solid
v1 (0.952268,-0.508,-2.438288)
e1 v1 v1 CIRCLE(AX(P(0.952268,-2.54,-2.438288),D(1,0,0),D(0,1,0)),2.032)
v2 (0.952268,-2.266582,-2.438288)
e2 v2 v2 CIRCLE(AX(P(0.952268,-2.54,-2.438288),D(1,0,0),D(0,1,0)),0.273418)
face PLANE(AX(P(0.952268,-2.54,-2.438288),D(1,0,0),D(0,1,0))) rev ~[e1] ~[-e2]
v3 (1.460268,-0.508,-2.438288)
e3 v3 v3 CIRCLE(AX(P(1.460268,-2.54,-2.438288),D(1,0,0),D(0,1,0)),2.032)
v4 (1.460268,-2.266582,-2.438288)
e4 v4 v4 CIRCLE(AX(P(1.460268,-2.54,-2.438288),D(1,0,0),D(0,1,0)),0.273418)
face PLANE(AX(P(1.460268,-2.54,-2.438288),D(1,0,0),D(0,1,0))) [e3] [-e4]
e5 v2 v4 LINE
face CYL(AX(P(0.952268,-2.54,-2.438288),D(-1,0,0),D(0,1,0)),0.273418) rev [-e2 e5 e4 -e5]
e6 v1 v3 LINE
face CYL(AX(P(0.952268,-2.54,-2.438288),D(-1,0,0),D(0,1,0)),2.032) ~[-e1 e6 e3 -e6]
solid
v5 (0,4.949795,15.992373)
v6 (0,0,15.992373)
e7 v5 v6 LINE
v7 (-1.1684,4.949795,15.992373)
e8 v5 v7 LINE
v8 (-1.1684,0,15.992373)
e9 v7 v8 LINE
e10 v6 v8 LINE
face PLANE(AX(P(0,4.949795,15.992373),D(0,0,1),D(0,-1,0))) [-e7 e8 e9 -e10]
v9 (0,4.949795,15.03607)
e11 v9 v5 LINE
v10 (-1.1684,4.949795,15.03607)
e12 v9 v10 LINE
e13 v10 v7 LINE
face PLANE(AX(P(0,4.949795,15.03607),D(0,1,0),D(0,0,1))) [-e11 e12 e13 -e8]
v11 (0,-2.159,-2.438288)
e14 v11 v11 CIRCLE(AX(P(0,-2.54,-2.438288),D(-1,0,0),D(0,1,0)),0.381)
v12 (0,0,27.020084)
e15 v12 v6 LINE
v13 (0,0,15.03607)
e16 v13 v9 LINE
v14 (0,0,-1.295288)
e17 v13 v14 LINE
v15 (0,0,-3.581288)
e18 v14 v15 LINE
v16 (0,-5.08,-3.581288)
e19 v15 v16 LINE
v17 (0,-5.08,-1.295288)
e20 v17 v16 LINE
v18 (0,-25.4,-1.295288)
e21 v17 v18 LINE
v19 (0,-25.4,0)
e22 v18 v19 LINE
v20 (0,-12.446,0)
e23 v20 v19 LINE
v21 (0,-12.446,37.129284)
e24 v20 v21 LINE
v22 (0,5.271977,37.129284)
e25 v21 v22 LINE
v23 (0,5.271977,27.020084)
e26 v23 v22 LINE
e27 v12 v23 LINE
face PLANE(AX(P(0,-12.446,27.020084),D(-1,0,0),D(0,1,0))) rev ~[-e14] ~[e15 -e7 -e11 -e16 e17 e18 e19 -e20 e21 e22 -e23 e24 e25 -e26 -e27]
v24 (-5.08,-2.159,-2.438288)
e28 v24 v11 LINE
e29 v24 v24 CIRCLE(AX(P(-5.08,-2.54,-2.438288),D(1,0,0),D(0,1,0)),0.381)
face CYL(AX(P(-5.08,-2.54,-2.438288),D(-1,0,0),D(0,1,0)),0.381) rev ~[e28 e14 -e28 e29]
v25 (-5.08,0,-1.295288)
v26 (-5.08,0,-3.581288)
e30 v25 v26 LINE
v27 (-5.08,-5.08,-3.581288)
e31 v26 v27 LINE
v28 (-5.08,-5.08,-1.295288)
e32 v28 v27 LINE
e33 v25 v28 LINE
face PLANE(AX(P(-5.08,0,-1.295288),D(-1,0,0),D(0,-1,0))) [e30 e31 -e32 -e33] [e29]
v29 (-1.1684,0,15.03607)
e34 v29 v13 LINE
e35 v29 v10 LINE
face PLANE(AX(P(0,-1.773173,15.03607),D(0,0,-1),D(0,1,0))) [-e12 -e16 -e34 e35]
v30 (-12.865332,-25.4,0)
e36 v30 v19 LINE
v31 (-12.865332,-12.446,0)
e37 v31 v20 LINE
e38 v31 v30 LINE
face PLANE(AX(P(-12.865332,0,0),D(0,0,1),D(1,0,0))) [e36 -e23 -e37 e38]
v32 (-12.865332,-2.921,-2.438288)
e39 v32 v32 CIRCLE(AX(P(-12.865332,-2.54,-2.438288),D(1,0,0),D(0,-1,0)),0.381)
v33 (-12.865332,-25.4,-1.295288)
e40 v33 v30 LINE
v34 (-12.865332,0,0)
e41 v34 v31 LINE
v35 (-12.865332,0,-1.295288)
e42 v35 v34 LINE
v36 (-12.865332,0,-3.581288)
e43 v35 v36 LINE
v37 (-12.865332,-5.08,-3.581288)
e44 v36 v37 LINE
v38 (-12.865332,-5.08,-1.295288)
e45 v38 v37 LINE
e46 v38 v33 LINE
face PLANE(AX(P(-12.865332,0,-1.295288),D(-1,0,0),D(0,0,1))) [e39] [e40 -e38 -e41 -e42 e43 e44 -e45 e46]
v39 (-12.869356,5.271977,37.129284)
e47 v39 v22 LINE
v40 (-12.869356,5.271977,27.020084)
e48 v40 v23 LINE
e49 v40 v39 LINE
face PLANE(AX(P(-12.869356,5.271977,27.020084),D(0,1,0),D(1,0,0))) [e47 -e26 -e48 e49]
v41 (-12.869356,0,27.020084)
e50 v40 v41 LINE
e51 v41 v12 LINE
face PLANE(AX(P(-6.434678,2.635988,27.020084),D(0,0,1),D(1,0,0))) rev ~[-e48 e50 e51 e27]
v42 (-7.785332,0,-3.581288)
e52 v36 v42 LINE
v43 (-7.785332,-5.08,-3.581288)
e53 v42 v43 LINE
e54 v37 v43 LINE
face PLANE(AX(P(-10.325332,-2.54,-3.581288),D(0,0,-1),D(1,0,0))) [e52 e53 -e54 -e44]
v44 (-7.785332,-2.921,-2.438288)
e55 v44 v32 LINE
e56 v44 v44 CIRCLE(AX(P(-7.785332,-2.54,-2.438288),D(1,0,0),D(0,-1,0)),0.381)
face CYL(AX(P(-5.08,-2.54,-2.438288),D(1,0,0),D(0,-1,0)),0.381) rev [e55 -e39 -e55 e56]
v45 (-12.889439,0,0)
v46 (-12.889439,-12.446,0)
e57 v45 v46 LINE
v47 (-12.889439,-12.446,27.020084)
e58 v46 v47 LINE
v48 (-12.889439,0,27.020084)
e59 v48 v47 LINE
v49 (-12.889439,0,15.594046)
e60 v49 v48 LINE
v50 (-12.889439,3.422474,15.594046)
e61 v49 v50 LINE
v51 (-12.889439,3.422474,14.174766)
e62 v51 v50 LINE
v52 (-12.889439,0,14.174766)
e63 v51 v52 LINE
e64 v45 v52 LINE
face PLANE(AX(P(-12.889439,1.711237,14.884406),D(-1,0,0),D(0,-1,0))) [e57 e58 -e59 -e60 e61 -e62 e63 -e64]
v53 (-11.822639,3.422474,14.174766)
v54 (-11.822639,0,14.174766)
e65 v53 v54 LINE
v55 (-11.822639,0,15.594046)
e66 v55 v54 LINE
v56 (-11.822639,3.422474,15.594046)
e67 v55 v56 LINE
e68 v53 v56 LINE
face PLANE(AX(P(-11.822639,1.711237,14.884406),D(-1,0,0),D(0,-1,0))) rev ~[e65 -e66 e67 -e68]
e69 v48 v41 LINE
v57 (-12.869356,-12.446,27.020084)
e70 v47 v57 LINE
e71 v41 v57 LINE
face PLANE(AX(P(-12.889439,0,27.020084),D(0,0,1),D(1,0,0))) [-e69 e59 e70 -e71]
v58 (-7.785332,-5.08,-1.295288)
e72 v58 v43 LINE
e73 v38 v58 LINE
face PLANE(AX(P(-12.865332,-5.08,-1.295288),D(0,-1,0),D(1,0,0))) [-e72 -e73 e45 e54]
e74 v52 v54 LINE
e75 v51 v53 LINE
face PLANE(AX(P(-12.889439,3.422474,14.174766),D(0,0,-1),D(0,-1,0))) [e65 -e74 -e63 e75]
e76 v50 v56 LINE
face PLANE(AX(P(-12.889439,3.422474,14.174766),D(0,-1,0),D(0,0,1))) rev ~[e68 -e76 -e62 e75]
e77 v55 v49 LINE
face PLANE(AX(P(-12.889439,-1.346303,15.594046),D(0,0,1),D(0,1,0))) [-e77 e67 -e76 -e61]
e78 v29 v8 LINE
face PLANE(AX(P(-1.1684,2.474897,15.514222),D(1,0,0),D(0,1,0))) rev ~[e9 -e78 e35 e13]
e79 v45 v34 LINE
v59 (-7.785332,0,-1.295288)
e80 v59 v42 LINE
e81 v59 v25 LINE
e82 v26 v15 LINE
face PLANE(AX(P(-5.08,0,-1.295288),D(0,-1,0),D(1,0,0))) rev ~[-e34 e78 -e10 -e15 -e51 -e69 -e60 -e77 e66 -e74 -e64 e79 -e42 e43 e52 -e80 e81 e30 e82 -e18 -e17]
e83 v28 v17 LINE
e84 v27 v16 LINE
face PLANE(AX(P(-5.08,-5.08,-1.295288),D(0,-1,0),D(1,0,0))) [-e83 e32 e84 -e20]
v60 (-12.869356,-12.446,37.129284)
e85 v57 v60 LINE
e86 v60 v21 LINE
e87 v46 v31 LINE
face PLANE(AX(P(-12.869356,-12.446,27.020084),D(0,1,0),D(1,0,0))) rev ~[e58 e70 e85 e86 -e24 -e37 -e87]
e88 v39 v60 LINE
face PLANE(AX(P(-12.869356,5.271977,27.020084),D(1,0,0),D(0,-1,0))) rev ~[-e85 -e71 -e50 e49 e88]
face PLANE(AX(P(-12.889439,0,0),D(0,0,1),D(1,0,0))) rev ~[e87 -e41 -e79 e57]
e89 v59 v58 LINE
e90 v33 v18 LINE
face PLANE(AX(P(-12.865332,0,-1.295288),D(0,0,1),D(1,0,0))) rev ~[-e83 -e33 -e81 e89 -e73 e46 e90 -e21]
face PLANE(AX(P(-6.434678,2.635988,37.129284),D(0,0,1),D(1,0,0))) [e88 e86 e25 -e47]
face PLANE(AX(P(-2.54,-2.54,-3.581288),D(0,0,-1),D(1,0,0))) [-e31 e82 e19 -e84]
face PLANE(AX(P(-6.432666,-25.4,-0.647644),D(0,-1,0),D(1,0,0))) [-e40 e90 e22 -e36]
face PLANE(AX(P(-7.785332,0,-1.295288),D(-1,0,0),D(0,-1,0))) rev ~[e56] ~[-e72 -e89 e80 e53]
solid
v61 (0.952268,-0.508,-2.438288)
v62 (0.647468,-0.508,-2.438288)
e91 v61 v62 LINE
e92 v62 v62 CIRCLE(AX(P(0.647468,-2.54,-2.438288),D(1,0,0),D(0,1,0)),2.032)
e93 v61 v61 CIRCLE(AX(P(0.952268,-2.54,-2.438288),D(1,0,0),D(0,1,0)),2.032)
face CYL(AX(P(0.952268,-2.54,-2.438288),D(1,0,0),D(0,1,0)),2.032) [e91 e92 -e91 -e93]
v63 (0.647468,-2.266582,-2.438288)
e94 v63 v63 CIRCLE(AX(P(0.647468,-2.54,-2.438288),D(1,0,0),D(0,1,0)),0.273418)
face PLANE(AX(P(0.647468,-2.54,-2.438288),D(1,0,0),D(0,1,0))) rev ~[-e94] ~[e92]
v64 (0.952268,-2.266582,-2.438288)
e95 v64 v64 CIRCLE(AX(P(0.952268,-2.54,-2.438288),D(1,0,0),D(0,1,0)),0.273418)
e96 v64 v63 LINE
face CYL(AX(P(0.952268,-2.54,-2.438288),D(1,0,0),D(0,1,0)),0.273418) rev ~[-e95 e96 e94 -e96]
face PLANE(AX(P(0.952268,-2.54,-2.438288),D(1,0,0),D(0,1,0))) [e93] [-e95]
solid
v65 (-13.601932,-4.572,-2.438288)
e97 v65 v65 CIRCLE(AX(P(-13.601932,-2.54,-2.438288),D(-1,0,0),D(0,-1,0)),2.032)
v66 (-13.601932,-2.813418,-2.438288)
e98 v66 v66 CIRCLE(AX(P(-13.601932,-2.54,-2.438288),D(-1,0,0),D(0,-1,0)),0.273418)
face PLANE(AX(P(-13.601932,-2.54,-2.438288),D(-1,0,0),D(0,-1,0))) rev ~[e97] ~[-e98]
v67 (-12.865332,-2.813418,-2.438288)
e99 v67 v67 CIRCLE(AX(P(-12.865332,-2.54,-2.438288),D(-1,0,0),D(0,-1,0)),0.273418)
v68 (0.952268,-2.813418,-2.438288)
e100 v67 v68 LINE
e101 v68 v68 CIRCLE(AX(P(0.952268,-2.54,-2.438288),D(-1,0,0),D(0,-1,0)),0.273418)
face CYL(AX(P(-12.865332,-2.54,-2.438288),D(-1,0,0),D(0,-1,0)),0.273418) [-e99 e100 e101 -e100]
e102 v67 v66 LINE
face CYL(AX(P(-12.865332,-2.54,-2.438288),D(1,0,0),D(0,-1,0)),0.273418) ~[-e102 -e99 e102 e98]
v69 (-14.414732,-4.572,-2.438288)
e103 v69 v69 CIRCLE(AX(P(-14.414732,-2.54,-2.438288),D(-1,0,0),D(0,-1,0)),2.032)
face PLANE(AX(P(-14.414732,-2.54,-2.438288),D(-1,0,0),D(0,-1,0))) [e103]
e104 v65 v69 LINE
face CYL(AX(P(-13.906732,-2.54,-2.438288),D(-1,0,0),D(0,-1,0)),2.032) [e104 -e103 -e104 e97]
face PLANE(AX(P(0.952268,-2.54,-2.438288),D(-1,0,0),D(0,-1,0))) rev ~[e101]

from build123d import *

# Parameters (mm, degrees)
F0_W      = 12.8894392401
F0_H      = 27.0200837404
F1_DEPTH  = 12.446
F2_W      = 12.8653319553
F2_H      = 1.2952884426
F3_DEPTH  = 25.4
F4_W      = 5.08
F4_H      = 5.08
F5_DEPTH  = 2.286
F7_DEPTH  = 25.4
F8_DEPTH  = 16.129
F9_R      = 0.2734183719
F10_DEPTH = 13.8176
F11_DEPTH = 1.0414
F12_R     = 2.032
F12_R_2   = 0.2734183719
F13_DEPTH = 0.508
F14_DEPTH = 0.3048
F15_W     = 3.4224744886
F15_H     = 1.4192797244
F15_W_2   = 1.3463029172
F16_DEPTH = 1.0668
F17_W     = 4.9497946166
F17_H     = 0.95630344
F17_W_2   = 1.7731732223
F18_DEPTH = 1.1684
F19_W     = 12.8693562001
F19_H     = 5.2719768137
F19_H_2   = 12.446
F20_DEPTH = 10.1092
F21_R     = 2.032
F22_DEPTH = 0.508
F23_DEPTH = 0.3048


with BuildPart() as f1:
    # F0 (on Front) → F1 (new body)
    with BuildSketch(Plane.XZ):
        with Locations((-6.44471962, 13.5100418702)):
            Rectangle(F0_W, F0_H)
    extrude(amount=F1_DEPTH)

    # F2 (on Front) → F3 (join)
    with BuildSketch(Plane.XZ):
        with Locations((-6.4326659776, -0.6476442213)):
            Rectangle(F2_W, F2_H)
    extrude(amount=F3_DEPTH)

    # F4 (on face) → F5 (join)
    with BuildSketch(Plane(origin=(0, 0, -1.2952884426), x_dir=(1, 0, 0), z_dir=(0, 0, -1))):
        with Locations((-2.54, 2.54)):
            Rectangle(F4_W, F4_H)
        with Locations((-10.3253319553, 2.54)):
            Rectangle(F4_W, F4_H)
    extrude(amount=F5_DEPTH)

    # F6 (on face) → F7 (cut)
    with BuildSketch(Plane(origin=(-5.08, 0, 0), x_dir=(0, -1, 0), z_dir=(-1, 0, 0))):
        with BuildLine():
            Line((2.159, -2.4382884426), (2.921, -2.4382884426))
            ThreePointArc((2.921, -2.4382884426), (2.54, -2.0572884426), (2.159, -2.4382884426))
        make_face()
        with BuildLine():
            ThreePointArc((2.159, -2.4382884426), (2.54, -2.8192884426), (2.921, -2.4382884426))
            Line((2.921, -2.4382884426), (2.159, -2.4382884426))
        make_face()
    extrude(amount=-F7_DEPTH, mode=Mode.SUBTRACT)

    # F6 (on face) → F8 (cut)
    with BuildSketch(Plane(origin=(-5.08, 0, 0), x_dir=(0, -1, 0), z_dir=(-1, 0, 0))):
        with BuildLine():
            ThreePointArc((2.159, -2.4382884426), (2.54, -2.8192884426), (2.921, -2.4382884426))
            Line((2.921, -2.4382884426), (2.159, -2.4382884426))
        make_face()
        with BuildLine():
            Line((2.159, -2.4382884426), (2.921, -2.4382884426))
            ThreePointArc((2.921, -2.4382884426), (2.54, -2.0572884426), (2.159, -2.4382884426))
        make_face()
    extrude(amount=F8_DEPTH, mode=Mode.SUBTRACT)

    # F15 (on face) → F16 (join)
    with BuildSketch(Plane(origin=(-12.8894392401, 0, 0), x_dir=(0, -1, 0), z_dir=(-1, 0, 0))):
        with Locations((-1.7112372443, 14.8844057694)):
            Rectangle(F15_W, F15_H)
        with Locations((0.6731514586, 14.8844057694)):
            Rectangle(F15_W_2, F15_H)
    extrude(amount=-F16_DEPTH)

    # F17 (on face) → F18 (join)
    with BuildSketch(Plane.YZ):
        with Locations((2.4748973083, 15.5142215081)):
            Rectangle(F17_W, F17_H)
        with Locations((-0.8865866112, 15.5142215081)):
            Rectangle(F17_W_2, F17_H)
    extrude(amount=-F18_DEPTH)

    # F19 (on face) → F20 (join)
    with BuildSketch(Plane.XY.offset(27.0200837404)):
        with Locations((-6.4346781, 2.6359884068)):
            Rectangle(F19_W, F19_H)
        with Locations((-6.4346781, -6.223)):
            Rectangle(F19_W, F19_H_2)
    extrude(amount=F20_DEPTH)


with BuildPart() as f10:
    # F9 (on face) → F10 (new body)
    with BuildSketch(Plane(origin=(-12.8653319553, 0, 0), x_dir=(0, -1, 0), z_dir=(-1, 0, 0))):
        with Locations((2.54, -2.4382884426)):
            Circle(F9_R)
    extrude(amount=-F10_DEPTH)

    # F9 (on face) → F11 (join)
    with BuildSketch(Plane(origin=(-12.8653319553, 0, 0), x_dir=(0, -1, 0), z_dir=(-1, 0, 0))):
        with Locations((2.54, -2.4382884426)):
            Circle(F9_R)
    extrude(amount=F11_DEPTH)

    # F21 (on face) → F22 (join)
    with BuildSketch(Plane(origin=(-13.9067319553, 0, 0), x_dir=(0, -1, 0), z_dir=(-1, 0, 0))):
        with Locations((2.54, -2.4382884426)):
            Circle(F21_R)
    extrude(amount=F22_DEPTH)

    # F23 (add): a face of the model
    f23_faces = [f10.faces().sort_by_distance(p)[0] for p in [
        (-13.9067319553, -0.5654736392, -2.4382884426),
    ]]
    extrude(f23_faces, amount=F23_DEPTH)


with BuildPart() as f13:
    # F12 (on face) → F13 (new body)
    with BuildSketch(Plane.YZ.offset(0.9522680447)):
        with Locations((-2.54, -2.4382884426)):
            Circle(F12_R)
        with Locations((-2.54, -2.4382884426)):
            Circle(F12_R_2, mode=Mode.SUBTRACT)
    extrude(amount=F13_DEPTH)


with BuildPart() as f14:
    # F14 (new): a face of the model
    f14_faces = [f13.part.faces().sort_by_distance(p)[0] for p in [
        (0.9522680447, -4.5145263608, -2.4382884426),
    ]]
    extrude(f14_faces, amount=F14_DEPTH)


solid = Compound([f1.part, f10.part, f13.part, f14.part])
